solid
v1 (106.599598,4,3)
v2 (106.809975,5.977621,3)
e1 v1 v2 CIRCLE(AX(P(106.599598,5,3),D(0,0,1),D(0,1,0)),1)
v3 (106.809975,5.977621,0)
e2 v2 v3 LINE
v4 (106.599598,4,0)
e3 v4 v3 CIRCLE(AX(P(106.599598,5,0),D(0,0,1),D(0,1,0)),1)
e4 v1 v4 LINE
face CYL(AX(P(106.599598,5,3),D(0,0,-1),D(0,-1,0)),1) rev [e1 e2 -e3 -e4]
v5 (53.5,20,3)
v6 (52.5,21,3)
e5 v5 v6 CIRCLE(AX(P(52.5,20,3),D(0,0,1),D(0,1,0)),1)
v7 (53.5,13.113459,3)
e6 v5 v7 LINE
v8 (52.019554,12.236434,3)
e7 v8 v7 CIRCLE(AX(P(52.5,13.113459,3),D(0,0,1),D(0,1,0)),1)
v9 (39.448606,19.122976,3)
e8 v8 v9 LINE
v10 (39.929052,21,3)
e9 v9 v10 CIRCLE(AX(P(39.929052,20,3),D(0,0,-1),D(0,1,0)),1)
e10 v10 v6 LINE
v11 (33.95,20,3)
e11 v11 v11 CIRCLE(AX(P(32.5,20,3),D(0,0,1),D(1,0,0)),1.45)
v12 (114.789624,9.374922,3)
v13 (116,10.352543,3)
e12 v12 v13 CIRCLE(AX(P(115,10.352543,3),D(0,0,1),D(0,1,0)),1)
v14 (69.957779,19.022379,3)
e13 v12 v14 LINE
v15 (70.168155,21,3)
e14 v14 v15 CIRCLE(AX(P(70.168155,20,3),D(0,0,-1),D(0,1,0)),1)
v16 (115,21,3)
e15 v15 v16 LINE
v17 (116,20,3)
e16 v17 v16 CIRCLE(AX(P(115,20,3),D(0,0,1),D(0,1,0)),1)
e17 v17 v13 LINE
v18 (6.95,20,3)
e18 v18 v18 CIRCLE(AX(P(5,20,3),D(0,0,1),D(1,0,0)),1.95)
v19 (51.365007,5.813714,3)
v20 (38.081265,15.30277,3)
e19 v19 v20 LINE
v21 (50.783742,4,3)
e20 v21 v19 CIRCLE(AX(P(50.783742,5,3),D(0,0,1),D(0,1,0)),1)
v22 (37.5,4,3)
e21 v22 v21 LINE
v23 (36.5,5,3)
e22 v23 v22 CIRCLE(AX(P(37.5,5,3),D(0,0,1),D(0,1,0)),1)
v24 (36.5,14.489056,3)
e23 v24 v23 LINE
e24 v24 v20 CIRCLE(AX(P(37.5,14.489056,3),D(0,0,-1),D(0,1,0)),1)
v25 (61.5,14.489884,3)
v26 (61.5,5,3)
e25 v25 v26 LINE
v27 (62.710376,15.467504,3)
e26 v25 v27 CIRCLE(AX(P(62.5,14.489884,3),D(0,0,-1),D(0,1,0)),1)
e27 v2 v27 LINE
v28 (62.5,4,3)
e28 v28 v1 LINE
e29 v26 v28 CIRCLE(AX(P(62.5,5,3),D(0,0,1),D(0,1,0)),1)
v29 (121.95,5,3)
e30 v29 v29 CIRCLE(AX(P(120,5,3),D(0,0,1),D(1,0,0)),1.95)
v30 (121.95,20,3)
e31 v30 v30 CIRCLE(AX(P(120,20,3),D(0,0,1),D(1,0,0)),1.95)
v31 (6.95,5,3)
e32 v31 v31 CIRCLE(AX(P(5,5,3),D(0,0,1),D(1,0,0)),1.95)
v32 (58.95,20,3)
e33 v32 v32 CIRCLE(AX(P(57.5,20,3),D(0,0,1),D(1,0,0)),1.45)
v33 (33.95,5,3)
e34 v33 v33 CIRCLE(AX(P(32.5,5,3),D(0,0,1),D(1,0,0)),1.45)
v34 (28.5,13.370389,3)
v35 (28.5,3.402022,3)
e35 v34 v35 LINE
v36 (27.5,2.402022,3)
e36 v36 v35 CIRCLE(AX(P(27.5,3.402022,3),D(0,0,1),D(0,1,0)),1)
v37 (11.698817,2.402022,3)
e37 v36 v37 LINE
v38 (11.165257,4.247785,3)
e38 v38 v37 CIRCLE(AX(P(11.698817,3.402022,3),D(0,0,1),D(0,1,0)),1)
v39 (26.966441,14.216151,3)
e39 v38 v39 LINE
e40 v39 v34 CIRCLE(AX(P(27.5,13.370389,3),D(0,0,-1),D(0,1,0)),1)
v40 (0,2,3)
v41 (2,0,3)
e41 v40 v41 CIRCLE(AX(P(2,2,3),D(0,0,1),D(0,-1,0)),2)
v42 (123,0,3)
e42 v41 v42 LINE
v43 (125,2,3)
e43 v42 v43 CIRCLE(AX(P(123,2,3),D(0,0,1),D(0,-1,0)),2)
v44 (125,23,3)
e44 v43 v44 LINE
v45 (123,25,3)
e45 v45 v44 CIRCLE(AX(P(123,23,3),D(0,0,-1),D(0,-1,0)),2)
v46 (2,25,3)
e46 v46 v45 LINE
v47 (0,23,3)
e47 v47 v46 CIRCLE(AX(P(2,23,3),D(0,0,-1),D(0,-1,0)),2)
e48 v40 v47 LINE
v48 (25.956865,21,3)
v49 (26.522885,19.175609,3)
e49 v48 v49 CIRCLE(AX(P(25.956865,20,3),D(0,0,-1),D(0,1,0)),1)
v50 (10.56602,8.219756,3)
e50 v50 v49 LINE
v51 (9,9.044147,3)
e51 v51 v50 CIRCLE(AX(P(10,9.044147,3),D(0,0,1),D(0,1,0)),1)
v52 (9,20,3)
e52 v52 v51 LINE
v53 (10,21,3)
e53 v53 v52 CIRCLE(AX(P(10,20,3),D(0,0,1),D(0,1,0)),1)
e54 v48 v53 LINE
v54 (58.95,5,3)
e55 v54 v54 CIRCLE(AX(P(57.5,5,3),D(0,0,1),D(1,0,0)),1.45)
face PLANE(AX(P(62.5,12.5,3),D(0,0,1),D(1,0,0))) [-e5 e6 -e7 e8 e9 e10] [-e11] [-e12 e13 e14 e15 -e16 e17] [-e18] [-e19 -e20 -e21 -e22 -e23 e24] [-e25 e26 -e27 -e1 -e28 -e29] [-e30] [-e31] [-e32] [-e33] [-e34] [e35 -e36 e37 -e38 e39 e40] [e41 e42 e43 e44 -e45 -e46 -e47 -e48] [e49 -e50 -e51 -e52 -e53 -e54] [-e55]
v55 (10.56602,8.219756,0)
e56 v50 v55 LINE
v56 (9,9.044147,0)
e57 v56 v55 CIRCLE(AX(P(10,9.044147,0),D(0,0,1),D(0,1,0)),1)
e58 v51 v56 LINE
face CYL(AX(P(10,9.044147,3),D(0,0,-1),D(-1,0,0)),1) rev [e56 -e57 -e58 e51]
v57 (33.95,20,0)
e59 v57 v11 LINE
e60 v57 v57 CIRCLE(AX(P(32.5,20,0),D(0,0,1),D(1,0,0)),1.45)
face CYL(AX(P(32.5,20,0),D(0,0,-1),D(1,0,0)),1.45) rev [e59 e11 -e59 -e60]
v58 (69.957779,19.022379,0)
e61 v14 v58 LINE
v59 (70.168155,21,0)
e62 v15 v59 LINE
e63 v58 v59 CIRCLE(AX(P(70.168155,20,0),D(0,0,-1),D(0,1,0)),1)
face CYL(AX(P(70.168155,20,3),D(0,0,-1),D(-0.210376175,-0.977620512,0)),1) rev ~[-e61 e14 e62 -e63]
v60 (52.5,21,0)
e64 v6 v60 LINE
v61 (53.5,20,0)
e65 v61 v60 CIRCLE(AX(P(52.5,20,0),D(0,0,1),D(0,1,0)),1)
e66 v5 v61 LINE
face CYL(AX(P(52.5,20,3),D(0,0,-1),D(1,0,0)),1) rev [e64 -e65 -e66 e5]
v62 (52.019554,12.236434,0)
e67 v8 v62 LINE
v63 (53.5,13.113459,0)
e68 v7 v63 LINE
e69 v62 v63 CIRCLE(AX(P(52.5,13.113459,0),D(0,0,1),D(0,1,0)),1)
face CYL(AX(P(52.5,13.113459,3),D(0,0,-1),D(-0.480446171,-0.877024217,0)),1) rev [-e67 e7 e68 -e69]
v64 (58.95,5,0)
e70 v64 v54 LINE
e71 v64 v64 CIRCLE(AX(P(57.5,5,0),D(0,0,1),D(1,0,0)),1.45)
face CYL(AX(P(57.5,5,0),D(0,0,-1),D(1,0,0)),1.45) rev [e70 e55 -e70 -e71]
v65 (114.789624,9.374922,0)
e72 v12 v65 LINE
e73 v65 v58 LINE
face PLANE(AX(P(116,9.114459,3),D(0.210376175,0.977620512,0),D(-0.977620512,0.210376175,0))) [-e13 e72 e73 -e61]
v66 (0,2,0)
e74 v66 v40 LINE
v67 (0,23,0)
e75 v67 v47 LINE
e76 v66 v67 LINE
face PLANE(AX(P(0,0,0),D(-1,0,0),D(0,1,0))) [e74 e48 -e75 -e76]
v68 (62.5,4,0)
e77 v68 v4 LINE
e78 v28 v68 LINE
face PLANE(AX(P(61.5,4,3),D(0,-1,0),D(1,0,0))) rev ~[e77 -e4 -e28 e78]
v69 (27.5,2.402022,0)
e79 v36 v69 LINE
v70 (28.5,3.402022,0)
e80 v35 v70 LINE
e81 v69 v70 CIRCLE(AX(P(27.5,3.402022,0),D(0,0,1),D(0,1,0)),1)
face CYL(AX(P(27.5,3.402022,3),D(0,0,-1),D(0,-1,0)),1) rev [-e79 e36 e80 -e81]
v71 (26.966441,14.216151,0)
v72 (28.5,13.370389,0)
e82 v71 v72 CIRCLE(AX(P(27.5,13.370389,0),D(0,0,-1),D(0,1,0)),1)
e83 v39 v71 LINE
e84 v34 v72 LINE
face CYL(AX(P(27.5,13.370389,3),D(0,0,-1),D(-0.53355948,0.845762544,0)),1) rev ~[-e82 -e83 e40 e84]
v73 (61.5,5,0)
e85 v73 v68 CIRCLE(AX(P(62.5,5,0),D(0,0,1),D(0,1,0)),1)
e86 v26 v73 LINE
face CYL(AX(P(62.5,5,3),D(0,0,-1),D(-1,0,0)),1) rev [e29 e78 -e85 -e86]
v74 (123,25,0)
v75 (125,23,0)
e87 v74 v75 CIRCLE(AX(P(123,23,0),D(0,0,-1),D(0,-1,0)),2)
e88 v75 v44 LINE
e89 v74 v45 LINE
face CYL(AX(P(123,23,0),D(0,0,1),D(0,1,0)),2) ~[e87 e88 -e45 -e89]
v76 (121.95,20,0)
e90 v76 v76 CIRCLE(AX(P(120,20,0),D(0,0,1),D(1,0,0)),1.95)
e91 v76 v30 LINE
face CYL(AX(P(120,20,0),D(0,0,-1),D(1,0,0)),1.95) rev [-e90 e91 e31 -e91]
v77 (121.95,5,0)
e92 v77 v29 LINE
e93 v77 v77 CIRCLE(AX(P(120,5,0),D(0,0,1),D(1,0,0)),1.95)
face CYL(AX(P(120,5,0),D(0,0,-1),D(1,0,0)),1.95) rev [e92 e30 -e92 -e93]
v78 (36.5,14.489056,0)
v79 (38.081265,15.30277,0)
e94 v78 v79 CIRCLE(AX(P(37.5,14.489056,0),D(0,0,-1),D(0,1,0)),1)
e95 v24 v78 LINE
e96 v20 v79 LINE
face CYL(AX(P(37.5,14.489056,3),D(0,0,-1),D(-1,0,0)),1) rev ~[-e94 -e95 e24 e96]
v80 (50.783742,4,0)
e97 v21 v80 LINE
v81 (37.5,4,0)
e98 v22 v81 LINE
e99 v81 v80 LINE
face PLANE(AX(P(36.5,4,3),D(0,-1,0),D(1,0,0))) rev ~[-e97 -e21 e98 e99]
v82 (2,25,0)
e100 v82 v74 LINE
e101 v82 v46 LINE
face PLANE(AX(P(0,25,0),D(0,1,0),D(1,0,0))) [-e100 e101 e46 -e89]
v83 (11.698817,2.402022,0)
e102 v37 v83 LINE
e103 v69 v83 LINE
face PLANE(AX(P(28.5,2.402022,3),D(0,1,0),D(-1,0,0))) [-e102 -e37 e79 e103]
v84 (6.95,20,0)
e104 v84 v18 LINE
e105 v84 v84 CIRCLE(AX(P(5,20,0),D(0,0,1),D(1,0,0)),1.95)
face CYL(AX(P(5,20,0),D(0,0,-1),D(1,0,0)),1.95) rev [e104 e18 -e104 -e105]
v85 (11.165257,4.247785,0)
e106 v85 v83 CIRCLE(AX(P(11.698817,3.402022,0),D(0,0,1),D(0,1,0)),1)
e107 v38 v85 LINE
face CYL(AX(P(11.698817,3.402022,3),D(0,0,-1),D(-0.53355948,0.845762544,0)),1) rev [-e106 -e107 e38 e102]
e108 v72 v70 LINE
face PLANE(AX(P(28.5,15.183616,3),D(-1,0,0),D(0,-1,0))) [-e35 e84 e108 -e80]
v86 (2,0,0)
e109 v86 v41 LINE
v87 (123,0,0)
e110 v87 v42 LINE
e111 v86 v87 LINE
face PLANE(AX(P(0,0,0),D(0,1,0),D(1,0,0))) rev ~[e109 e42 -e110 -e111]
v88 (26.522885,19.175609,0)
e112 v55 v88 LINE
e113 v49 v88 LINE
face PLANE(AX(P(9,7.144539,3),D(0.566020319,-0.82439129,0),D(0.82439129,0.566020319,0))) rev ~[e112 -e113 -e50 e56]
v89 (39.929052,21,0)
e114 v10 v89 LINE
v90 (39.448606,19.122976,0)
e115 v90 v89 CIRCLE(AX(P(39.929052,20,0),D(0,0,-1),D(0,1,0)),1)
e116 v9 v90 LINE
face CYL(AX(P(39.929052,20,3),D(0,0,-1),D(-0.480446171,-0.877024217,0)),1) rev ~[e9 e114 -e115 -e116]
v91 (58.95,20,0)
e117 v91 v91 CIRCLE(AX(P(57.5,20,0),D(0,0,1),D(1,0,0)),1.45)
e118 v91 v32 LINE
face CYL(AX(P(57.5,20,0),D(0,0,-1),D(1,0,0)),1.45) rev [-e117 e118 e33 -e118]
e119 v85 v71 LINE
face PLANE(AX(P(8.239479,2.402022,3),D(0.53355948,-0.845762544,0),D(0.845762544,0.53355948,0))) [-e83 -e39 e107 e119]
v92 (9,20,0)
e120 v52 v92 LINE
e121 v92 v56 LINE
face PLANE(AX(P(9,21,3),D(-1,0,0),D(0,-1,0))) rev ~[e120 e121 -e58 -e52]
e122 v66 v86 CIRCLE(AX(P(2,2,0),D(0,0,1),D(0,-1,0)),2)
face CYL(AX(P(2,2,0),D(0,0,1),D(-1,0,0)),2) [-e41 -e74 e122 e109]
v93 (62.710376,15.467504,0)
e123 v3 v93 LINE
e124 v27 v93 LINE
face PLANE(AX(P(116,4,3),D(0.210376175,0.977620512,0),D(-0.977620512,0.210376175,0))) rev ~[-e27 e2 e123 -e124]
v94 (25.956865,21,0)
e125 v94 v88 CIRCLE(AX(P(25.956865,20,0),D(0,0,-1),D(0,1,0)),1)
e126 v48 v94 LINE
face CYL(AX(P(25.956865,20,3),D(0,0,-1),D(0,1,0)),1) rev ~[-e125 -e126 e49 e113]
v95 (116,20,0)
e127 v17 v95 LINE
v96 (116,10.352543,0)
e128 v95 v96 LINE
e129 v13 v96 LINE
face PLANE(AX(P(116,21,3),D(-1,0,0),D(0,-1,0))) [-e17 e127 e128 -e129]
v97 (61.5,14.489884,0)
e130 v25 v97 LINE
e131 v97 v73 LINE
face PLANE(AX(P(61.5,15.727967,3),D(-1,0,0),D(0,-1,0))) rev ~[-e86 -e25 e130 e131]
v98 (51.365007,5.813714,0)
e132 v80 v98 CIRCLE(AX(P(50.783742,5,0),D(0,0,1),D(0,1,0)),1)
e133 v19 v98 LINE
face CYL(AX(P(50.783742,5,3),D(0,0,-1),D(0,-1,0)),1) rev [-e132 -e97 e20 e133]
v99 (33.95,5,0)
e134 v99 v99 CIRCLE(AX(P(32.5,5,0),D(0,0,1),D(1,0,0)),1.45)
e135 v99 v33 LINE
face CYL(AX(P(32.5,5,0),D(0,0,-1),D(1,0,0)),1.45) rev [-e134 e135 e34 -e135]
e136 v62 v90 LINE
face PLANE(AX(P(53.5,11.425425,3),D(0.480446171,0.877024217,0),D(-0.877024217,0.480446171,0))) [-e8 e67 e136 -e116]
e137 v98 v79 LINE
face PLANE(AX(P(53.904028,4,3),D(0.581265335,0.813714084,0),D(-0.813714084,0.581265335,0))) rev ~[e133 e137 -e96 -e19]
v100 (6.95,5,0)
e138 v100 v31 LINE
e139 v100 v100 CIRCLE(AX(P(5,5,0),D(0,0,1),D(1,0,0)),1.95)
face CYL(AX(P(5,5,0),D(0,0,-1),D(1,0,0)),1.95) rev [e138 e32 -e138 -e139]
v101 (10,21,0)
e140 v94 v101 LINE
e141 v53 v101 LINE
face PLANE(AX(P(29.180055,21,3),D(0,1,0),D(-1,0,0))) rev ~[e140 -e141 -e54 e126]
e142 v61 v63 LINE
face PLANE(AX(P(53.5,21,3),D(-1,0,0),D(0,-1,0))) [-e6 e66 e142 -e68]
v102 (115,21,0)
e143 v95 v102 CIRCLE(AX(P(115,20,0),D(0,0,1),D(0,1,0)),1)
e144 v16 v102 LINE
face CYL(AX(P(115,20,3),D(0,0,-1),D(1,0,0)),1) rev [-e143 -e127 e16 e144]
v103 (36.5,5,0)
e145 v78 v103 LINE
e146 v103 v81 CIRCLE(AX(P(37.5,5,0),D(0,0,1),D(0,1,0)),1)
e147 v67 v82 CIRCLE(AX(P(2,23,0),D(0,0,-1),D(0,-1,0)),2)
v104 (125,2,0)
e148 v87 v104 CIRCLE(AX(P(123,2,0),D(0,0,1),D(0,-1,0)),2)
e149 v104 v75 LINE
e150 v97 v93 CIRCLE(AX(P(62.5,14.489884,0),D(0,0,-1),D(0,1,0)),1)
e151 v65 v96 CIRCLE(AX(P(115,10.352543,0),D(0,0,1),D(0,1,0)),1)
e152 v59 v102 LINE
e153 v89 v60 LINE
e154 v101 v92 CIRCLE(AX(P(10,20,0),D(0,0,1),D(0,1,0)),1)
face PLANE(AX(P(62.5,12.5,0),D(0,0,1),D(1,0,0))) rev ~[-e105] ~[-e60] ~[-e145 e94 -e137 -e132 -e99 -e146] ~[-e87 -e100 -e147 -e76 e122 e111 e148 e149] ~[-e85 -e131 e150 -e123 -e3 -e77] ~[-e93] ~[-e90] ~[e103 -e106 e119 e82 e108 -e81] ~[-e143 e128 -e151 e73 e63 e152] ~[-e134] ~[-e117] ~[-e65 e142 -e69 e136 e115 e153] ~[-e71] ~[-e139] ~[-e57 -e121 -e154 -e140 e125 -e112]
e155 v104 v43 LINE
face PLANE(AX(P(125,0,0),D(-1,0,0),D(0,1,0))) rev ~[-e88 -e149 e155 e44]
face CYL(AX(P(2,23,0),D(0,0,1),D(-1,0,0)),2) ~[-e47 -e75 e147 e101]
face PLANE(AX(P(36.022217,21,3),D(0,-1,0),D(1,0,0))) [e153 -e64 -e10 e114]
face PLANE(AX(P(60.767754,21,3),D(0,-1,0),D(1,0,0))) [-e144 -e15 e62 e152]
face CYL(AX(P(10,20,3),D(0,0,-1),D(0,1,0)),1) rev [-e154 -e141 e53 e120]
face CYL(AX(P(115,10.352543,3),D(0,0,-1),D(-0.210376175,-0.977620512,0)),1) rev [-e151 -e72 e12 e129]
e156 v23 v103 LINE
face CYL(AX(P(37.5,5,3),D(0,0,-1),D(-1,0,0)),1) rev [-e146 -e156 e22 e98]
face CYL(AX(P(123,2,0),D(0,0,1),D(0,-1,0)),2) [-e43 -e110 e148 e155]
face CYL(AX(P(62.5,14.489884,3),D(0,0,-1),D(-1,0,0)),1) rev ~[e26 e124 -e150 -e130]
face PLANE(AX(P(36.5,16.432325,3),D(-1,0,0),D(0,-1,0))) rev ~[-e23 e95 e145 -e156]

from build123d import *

# Parameters (mm, degrees)
SKETCH_1_W          = 125
SKETCH_1_H          = 25
SKETCH_1_R          = 1.45
SKETCH_1_R_2        = 1.95
EXTRUDE_1_DEPTH     = 3
CUT_EXTRUDE_1_DEPTH = 10
FILLET_1_R          = 2
FILLET_2_R          = 1


with BuildPart() as part:
    # 草图1 → 凸台-拉伸1 (new body)
    with BuildSketch(Plane.XY):
        with Locations((62.5, 12.5)):
            Rectangle(SKETCH_1_W, SKETCH_1_H)
        with Locations((32.5, 20)):
            Circle(SKETCH_1_R, mode=Mode.SUBTRACT)
        with Locations((57.5, 20)):
            Circle(SKETCH_1_R, mode=Mode.SUBTRACT)
        with Locations((57.5, 5)):
            Circle(SKETCH_1_R, mode=Mode.SUBTRACT)
        with Locations((32.5, 5)):
            Circle(SKETCH_1_R, mode=Mode.SUBTRACT)
        with Locations((5, 20)):
            Circle(SKETCH_1_R_2, mode=Mode.SUBTRACT)
        with Locations((5, 5)):
            Circle(SKETCH_1_R_2, mode=Mode.SUBTRACT)
        with Locations((120, 20)):
            Circle(SKETCH_1_R_2, mode=Mode.SUBTRACT)
        with Locations((120, 5)):
            Circle(SKETCH_1_R_2, mode=Mode.SUBTRACT)
    extrude(amount=EXTRUDE_1_DEPTH)

    # 草图2 → 切除-拉伸1 (cut)
    with BuildSketch(Plane.XY.offset(3)):
        Polygon((60.767753727, 21), (116, 21), (116, 9.114458974), align=None)
        Polygon((61.5, 15.727967439), (61.5, 4), (116, 4), align=None)
        Polygon((36.02221675, 21), (53.5, 21), (53.5, 11.425425105), align=None)
        Polygon((36.5, 16.432325355), (36.5, 4), (53.904028142, 4), align=None)
        Polygon((29.180055305, 21), (9, 21), (9, 7.144539038), align=None)
        Polygon((28.5, 15.183615903), (28.5, 2.402022244), (8.239478793, 2.402022244), align=None)
    extrude(amount=-CUT_EXTRUDE_1_DEPTH, mode=Mode.SUBTRACT)

    # 圆角1
    fillet_1_edges = [part.edges().sort_by_distance(p)[0] for p in [
        (0, 25, 1.5),
        (125, 25, 1.5),
        (125, 0, 1.5),
        (0, 0, 1.5),
    ]]
    fillet(fillet_1_edges, radius=FILLET_1_R)

    # 圆角2
    fillet_2_edges = [part.edges().sort_by_distance(p)[0] for p in [
        (116, 9.114458974, 1.5),
        (60.767753727, 21, 1.5),
        (116, 21, 1.5),
        (29.180055305, 21, 1.5),
        (9, 7.144539038, 1.5),
        (9, 21, 1.5),
        (36.5, 16.432325355, 1.5),
        (53.904028142, 4, 1.5),
        (36.5, 4, 1.5),
        (53.5, 11.425425105, 1.5),
        (36.02221675, 21, 1.5),
        (53.5, 21, 1.5),
        (61.5, 15.727967439, 1.5),
        (116, 4, 1.5),
        (61.5, 4, 1.5),
        (8.239478793, 2.402022244, 1.5),
        (28.5, 15.183615903, 1.5),
        (28.5, 2.402022244, 1.5),
    ]]
    fillet(fillet_2_edges, radius=FILLET_2_R)


solid = part.part
